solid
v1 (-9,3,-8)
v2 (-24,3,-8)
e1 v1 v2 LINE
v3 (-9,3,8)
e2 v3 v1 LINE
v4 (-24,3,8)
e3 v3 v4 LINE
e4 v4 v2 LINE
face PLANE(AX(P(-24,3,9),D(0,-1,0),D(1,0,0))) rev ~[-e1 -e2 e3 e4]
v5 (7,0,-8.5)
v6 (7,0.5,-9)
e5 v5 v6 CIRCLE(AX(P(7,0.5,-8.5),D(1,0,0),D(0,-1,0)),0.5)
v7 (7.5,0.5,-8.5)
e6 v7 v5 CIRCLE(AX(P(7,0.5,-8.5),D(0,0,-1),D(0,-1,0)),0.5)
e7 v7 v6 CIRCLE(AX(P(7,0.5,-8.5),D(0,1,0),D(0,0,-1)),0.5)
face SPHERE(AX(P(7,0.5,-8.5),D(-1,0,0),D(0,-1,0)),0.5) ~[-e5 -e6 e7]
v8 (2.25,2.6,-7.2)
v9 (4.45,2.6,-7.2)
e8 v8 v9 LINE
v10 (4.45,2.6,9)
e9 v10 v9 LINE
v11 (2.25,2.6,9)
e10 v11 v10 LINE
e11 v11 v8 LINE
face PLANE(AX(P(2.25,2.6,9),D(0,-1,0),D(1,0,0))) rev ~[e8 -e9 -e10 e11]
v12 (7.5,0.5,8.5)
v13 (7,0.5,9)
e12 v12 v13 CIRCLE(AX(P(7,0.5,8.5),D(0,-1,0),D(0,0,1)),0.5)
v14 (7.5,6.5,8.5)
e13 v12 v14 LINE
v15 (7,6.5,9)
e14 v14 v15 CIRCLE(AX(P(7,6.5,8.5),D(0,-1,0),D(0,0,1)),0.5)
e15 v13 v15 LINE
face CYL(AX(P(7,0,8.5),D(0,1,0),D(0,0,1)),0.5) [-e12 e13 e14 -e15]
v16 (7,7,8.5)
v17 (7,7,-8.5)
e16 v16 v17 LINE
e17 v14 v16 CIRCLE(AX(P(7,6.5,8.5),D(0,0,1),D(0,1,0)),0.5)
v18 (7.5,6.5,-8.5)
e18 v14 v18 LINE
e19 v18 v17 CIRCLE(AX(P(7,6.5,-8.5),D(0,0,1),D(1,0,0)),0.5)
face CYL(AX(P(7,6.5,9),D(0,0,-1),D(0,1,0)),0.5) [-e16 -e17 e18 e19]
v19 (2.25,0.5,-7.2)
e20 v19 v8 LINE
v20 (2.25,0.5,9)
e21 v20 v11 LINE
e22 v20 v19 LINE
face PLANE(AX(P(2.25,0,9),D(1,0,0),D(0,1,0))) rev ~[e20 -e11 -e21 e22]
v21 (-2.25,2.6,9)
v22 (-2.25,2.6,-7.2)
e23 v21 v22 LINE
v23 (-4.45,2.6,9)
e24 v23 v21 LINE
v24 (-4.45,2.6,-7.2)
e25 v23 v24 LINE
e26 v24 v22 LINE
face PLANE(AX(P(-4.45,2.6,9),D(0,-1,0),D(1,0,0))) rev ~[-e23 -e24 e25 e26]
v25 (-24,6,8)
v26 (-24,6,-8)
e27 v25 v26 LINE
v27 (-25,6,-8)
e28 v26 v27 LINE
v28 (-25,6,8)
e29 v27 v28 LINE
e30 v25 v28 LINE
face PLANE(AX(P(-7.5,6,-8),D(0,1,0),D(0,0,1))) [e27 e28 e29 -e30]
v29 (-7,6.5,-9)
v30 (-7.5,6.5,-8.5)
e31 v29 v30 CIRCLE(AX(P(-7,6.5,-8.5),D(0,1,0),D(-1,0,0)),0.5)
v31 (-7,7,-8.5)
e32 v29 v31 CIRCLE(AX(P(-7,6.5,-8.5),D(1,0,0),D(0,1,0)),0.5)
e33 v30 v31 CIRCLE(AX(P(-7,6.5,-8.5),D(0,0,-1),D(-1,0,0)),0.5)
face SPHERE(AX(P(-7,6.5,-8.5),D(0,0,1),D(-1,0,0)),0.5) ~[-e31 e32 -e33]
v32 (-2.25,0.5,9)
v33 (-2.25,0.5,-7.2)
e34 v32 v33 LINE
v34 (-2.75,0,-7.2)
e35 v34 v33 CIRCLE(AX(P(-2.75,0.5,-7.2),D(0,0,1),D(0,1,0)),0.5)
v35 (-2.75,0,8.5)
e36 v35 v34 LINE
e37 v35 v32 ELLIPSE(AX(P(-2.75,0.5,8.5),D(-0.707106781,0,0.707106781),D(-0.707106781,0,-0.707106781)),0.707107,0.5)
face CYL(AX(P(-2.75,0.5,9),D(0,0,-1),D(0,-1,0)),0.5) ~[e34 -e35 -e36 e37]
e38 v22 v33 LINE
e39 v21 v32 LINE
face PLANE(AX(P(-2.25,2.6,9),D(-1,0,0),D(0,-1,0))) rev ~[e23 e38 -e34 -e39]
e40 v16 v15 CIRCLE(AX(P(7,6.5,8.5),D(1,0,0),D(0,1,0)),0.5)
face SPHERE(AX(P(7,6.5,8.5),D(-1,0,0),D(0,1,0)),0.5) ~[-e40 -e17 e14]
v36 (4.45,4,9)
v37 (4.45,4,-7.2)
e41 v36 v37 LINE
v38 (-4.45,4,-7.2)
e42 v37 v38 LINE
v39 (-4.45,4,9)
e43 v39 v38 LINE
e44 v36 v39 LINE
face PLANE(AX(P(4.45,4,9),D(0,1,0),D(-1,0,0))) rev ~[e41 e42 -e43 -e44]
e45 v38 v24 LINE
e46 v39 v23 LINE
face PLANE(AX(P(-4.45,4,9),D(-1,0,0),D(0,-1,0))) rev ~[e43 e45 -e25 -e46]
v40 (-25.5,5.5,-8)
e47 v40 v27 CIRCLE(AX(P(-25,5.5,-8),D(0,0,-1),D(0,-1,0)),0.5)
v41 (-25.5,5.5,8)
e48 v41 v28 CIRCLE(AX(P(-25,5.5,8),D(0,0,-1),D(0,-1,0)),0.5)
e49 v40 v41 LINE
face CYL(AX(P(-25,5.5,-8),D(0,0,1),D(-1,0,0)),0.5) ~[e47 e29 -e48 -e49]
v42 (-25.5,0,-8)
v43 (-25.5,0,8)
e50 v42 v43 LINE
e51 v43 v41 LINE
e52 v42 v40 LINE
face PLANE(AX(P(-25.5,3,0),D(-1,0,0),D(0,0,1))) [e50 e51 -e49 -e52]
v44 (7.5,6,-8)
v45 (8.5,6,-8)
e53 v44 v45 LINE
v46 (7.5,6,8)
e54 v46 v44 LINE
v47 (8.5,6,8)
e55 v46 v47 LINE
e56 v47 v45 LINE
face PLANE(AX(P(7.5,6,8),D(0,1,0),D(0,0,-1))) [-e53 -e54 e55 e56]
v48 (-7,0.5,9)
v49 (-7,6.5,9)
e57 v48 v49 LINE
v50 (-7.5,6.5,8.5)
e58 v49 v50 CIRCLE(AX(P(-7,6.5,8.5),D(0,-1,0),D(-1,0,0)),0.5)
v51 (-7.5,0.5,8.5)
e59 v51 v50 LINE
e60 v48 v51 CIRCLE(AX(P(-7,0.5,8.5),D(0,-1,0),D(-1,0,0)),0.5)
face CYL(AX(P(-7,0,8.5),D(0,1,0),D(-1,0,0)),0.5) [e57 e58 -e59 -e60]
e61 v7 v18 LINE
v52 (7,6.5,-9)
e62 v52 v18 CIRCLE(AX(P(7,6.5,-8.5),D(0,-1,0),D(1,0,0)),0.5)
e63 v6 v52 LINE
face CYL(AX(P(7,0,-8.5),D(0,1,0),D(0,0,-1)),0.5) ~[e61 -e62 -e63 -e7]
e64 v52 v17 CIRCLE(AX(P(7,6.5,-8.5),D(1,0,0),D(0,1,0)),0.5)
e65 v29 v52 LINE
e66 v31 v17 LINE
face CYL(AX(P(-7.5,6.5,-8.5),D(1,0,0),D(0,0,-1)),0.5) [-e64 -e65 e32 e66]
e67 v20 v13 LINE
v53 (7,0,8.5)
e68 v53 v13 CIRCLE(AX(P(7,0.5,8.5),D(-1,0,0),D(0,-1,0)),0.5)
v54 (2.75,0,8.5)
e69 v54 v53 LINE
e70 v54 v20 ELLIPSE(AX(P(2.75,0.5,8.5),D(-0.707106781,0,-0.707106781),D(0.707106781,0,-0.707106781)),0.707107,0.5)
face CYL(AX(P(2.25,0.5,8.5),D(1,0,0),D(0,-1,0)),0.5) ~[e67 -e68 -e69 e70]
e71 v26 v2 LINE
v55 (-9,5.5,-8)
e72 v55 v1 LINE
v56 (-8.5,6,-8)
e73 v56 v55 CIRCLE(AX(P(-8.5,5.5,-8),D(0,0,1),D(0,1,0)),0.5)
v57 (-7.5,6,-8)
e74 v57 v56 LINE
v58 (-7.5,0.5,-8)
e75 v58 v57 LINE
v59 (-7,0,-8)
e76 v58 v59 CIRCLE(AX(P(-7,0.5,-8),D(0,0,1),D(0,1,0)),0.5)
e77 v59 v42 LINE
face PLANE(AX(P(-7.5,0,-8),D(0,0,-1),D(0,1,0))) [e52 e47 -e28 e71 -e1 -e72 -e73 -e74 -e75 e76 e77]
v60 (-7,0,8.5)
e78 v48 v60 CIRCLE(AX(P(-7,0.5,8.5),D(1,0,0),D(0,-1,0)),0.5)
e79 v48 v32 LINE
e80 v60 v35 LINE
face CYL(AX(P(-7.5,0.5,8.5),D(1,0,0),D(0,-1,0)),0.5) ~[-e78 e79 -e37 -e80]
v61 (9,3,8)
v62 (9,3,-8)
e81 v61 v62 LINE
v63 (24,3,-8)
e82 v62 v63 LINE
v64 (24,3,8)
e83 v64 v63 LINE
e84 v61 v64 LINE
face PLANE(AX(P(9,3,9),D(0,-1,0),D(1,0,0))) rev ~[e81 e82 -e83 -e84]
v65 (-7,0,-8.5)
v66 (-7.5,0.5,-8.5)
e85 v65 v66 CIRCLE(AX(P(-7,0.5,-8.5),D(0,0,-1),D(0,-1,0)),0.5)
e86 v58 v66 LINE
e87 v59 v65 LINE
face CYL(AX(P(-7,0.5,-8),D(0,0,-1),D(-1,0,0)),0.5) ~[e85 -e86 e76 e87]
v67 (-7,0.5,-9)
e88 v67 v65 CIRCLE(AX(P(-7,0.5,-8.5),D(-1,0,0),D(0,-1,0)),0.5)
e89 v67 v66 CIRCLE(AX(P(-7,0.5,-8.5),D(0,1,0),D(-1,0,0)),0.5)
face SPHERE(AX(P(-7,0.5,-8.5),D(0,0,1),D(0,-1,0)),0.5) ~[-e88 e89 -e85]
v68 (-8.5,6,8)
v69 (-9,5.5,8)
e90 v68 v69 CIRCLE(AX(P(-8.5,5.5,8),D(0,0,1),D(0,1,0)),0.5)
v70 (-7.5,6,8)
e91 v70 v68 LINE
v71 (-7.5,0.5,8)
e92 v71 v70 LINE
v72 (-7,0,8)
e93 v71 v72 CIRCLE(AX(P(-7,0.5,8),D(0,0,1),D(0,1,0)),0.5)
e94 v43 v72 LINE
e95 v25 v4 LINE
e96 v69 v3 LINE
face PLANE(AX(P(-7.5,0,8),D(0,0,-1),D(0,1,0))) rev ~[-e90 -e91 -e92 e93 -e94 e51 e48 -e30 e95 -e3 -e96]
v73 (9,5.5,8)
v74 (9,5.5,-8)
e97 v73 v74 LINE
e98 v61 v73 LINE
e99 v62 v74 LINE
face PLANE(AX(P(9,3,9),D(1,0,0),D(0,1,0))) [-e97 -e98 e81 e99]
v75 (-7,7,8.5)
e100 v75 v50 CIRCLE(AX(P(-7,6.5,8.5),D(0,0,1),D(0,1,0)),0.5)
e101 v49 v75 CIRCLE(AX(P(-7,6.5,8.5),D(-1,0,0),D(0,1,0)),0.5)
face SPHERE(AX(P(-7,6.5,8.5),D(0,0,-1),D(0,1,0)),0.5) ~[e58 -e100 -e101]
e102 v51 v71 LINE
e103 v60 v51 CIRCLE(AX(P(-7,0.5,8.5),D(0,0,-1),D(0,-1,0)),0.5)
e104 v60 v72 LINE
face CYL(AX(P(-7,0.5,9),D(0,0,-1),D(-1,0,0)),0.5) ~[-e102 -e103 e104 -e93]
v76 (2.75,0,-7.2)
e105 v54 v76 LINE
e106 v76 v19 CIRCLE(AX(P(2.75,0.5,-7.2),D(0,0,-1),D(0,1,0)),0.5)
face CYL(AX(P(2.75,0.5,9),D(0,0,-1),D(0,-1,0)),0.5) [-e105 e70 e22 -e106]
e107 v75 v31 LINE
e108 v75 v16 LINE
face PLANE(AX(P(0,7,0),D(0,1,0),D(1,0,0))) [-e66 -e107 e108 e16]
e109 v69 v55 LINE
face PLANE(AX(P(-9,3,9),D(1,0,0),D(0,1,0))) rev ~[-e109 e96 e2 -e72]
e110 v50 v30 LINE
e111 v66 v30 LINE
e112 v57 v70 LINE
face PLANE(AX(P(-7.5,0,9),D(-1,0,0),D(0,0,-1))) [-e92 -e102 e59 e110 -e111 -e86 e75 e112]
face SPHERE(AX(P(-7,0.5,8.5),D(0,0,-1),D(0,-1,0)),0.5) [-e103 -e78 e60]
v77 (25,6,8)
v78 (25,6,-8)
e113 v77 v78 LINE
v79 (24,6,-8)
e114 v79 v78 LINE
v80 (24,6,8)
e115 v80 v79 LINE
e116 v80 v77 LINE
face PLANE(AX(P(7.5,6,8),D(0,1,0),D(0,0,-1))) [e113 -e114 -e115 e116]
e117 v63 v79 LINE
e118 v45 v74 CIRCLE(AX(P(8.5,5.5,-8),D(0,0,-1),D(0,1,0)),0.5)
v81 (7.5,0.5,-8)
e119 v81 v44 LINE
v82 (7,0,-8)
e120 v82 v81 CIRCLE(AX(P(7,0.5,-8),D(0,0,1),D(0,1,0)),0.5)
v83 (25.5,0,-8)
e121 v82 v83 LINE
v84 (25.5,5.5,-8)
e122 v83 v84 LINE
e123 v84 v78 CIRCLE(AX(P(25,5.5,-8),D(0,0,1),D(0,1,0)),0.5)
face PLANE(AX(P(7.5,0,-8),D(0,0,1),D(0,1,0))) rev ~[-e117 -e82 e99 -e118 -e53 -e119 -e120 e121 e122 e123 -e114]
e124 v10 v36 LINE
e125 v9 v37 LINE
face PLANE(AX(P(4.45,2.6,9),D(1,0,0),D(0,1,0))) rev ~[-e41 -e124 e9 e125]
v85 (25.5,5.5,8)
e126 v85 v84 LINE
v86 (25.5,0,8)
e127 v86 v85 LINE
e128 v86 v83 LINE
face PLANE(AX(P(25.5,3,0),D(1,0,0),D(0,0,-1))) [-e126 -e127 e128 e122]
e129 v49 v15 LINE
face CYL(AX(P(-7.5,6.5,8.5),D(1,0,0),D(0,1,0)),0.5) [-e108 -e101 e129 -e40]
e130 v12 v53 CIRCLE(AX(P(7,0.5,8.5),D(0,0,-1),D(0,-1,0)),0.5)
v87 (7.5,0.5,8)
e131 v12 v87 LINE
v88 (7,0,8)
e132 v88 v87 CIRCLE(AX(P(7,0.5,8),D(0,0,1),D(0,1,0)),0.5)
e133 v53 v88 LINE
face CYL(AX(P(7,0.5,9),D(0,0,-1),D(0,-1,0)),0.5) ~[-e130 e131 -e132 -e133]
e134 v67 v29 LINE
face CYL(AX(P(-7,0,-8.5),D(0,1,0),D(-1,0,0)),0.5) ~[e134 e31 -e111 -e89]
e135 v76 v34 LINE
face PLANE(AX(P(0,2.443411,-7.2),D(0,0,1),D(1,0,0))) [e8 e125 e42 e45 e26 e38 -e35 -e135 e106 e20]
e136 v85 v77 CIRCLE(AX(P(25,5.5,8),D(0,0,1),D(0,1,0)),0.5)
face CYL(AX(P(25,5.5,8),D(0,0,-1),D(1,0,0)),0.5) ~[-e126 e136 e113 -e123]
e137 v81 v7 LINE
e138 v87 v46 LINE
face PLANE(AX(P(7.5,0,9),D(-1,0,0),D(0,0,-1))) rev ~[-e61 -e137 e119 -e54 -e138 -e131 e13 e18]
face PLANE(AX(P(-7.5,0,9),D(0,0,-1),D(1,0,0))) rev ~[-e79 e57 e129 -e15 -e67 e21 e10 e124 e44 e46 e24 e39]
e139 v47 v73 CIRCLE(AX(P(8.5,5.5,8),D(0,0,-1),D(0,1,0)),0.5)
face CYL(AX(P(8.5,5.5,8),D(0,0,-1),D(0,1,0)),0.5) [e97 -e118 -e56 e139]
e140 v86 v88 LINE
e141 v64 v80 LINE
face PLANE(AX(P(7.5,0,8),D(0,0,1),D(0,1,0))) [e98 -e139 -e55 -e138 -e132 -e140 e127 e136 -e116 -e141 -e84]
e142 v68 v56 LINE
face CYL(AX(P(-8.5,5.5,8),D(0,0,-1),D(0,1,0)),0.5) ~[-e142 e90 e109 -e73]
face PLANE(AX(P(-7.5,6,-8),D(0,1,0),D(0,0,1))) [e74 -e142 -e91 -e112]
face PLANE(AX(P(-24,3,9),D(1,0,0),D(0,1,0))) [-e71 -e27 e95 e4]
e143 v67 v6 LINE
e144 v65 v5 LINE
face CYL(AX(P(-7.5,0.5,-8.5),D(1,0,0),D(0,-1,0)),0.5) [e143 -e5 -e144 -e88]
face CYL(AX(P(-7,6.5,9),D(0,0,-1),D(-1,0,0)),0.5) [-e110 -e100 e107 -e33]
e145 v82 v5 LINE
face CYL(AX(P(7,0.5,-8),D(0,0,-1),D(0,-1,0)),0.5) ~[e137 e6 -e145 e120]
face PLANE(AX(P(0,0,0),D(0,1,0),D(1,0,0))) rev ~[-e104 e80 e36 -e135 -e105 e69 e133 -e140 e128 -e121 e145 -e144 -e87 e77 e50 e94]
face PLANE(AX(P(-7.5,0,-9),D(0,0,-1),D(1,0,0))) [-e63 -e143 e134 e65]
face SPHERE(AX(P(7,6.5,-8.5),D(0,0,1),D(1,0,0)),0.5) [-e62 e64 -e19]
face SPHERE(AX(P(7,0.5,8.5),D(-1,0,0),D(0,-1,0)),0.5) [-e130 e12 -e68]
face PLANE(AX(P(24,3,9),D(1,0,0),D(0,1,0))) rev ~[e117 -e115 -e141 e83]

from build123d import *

# Parameters (mm, degrees)
SKETCH1_W           = 15
SKETCH1_H           = 18
BOSS_EXTRUDE1_DEPTH = 7
CUT_EXTRUDE1_DEPTH  = 16.2
SKETCH9_W           = 16
SKETCH9_H           = 6
BOSS_EXTRUDE2_DEPTH = 18
SKETCH13_W          = 16
SKETCH13_H          = 6
BOSS_EXTRUDE3_DEPTH = 18
SKETCH14_W          = 15
SKETCH14_H          = 3
CUT_EXTRUDE5_DEPTH  = 32.55
FILLET1_R           = 0.5


with BuildPart() as part:
    # Sketch1 → Boss-Extrude1 (new body)
    with BuildSketch(Plane(origin=(0, 0, 0), x_dir=(1, 0, 0), z_dir=(0, 1, 0))):
        Rectangle(SKETCH1_W, SKETCH1_H)
    extrude(amount=BOSS_EXTRUDE1_DEPTH)

    # Sketch2 → Cut-Extrude1 (cut)
    with BuildSketch(Plane.XY.offset(9)):
        Polygon((-2.25, 2.6), (-2.25, 0), (2.25, 0), (2.25, 2.6), (4.45, 2.6), (4.45, 4), (-4.45, 4), (-4.45, 2.6), align=None)
    extrude(amount=-CUT_EXTRUDE1_DEPTH, mode=Mode.SUBTRACT)

    # Sketch9 → Boss-Extrude2 (add)
    with BuildSketch(Plane.ZY.offset(7.5)):
        with Locations((0, 3)):
            Rectangle(SKETCH9_W, SKETCH9_H)
    extrude(amount=BOSS_EXTRUDE2_DEPTH)

    # Sketch13 → Boss-Extrude3 (add)
    with BuildSketch(Plane(origin=(7.5, 0, 0), x_dir=(0, 0, -1), z_dir=(1, 0, 0))):
        with Locations((0, 3)):
            Rectangle(SKETCH13_W, SKETCH13_H)
    extrude(amount=BOSS_EXTRUDE3_DEPTH)

    # Sketch14 → Cut-Extrude5 (cut)
    with BuildSketch(Plane.XY.offset(9)):
        with Locations((16.5, 4.5)):
            Rectangle(SKETCH14_W, SKETCH14_H)
        with Locations((-16.5, 4.5)):
            Rectangle(SKETCH14_W, SKETCH14_H)
    extrude(amount=-CUT_EXTRUDE5_DEPTH, mode=Mode.SUBTRACT)

    # Fillet1
    fillet1_edges = [part.edges().sort_by_distance(p)[0] for p in [
        (-7.5, 7, 0),
        (4.875, 0, 9),
        (0, 7, 9),
        (-2.25, 0, 0.9),
        (2.25, 0, 0.9),
        (-7.5, 0, 8.5),
        (-25.5, 6, 0),
        (7.5, 7, 0),
        (-4.875, 0, 9),
        (-7.5, 0, -8.5),
        (0, 0, -9),
        (7.5, 0, -8.5),
        (7.5, 0, 8.5),
        (25.5, 6, 0),
        (7.5, 3.5, 9),
        (-7.5, 3.5, 9),
        (-7.5, 3.5, -9),
        (7.5, 3.5, -9),
        (9, 6, 0),
        (0, 7, -9),
        (-9, 6, 0),
    ]]
    fillet(fillet1_edges, radius=FILLET1_R)


solid = part.part
